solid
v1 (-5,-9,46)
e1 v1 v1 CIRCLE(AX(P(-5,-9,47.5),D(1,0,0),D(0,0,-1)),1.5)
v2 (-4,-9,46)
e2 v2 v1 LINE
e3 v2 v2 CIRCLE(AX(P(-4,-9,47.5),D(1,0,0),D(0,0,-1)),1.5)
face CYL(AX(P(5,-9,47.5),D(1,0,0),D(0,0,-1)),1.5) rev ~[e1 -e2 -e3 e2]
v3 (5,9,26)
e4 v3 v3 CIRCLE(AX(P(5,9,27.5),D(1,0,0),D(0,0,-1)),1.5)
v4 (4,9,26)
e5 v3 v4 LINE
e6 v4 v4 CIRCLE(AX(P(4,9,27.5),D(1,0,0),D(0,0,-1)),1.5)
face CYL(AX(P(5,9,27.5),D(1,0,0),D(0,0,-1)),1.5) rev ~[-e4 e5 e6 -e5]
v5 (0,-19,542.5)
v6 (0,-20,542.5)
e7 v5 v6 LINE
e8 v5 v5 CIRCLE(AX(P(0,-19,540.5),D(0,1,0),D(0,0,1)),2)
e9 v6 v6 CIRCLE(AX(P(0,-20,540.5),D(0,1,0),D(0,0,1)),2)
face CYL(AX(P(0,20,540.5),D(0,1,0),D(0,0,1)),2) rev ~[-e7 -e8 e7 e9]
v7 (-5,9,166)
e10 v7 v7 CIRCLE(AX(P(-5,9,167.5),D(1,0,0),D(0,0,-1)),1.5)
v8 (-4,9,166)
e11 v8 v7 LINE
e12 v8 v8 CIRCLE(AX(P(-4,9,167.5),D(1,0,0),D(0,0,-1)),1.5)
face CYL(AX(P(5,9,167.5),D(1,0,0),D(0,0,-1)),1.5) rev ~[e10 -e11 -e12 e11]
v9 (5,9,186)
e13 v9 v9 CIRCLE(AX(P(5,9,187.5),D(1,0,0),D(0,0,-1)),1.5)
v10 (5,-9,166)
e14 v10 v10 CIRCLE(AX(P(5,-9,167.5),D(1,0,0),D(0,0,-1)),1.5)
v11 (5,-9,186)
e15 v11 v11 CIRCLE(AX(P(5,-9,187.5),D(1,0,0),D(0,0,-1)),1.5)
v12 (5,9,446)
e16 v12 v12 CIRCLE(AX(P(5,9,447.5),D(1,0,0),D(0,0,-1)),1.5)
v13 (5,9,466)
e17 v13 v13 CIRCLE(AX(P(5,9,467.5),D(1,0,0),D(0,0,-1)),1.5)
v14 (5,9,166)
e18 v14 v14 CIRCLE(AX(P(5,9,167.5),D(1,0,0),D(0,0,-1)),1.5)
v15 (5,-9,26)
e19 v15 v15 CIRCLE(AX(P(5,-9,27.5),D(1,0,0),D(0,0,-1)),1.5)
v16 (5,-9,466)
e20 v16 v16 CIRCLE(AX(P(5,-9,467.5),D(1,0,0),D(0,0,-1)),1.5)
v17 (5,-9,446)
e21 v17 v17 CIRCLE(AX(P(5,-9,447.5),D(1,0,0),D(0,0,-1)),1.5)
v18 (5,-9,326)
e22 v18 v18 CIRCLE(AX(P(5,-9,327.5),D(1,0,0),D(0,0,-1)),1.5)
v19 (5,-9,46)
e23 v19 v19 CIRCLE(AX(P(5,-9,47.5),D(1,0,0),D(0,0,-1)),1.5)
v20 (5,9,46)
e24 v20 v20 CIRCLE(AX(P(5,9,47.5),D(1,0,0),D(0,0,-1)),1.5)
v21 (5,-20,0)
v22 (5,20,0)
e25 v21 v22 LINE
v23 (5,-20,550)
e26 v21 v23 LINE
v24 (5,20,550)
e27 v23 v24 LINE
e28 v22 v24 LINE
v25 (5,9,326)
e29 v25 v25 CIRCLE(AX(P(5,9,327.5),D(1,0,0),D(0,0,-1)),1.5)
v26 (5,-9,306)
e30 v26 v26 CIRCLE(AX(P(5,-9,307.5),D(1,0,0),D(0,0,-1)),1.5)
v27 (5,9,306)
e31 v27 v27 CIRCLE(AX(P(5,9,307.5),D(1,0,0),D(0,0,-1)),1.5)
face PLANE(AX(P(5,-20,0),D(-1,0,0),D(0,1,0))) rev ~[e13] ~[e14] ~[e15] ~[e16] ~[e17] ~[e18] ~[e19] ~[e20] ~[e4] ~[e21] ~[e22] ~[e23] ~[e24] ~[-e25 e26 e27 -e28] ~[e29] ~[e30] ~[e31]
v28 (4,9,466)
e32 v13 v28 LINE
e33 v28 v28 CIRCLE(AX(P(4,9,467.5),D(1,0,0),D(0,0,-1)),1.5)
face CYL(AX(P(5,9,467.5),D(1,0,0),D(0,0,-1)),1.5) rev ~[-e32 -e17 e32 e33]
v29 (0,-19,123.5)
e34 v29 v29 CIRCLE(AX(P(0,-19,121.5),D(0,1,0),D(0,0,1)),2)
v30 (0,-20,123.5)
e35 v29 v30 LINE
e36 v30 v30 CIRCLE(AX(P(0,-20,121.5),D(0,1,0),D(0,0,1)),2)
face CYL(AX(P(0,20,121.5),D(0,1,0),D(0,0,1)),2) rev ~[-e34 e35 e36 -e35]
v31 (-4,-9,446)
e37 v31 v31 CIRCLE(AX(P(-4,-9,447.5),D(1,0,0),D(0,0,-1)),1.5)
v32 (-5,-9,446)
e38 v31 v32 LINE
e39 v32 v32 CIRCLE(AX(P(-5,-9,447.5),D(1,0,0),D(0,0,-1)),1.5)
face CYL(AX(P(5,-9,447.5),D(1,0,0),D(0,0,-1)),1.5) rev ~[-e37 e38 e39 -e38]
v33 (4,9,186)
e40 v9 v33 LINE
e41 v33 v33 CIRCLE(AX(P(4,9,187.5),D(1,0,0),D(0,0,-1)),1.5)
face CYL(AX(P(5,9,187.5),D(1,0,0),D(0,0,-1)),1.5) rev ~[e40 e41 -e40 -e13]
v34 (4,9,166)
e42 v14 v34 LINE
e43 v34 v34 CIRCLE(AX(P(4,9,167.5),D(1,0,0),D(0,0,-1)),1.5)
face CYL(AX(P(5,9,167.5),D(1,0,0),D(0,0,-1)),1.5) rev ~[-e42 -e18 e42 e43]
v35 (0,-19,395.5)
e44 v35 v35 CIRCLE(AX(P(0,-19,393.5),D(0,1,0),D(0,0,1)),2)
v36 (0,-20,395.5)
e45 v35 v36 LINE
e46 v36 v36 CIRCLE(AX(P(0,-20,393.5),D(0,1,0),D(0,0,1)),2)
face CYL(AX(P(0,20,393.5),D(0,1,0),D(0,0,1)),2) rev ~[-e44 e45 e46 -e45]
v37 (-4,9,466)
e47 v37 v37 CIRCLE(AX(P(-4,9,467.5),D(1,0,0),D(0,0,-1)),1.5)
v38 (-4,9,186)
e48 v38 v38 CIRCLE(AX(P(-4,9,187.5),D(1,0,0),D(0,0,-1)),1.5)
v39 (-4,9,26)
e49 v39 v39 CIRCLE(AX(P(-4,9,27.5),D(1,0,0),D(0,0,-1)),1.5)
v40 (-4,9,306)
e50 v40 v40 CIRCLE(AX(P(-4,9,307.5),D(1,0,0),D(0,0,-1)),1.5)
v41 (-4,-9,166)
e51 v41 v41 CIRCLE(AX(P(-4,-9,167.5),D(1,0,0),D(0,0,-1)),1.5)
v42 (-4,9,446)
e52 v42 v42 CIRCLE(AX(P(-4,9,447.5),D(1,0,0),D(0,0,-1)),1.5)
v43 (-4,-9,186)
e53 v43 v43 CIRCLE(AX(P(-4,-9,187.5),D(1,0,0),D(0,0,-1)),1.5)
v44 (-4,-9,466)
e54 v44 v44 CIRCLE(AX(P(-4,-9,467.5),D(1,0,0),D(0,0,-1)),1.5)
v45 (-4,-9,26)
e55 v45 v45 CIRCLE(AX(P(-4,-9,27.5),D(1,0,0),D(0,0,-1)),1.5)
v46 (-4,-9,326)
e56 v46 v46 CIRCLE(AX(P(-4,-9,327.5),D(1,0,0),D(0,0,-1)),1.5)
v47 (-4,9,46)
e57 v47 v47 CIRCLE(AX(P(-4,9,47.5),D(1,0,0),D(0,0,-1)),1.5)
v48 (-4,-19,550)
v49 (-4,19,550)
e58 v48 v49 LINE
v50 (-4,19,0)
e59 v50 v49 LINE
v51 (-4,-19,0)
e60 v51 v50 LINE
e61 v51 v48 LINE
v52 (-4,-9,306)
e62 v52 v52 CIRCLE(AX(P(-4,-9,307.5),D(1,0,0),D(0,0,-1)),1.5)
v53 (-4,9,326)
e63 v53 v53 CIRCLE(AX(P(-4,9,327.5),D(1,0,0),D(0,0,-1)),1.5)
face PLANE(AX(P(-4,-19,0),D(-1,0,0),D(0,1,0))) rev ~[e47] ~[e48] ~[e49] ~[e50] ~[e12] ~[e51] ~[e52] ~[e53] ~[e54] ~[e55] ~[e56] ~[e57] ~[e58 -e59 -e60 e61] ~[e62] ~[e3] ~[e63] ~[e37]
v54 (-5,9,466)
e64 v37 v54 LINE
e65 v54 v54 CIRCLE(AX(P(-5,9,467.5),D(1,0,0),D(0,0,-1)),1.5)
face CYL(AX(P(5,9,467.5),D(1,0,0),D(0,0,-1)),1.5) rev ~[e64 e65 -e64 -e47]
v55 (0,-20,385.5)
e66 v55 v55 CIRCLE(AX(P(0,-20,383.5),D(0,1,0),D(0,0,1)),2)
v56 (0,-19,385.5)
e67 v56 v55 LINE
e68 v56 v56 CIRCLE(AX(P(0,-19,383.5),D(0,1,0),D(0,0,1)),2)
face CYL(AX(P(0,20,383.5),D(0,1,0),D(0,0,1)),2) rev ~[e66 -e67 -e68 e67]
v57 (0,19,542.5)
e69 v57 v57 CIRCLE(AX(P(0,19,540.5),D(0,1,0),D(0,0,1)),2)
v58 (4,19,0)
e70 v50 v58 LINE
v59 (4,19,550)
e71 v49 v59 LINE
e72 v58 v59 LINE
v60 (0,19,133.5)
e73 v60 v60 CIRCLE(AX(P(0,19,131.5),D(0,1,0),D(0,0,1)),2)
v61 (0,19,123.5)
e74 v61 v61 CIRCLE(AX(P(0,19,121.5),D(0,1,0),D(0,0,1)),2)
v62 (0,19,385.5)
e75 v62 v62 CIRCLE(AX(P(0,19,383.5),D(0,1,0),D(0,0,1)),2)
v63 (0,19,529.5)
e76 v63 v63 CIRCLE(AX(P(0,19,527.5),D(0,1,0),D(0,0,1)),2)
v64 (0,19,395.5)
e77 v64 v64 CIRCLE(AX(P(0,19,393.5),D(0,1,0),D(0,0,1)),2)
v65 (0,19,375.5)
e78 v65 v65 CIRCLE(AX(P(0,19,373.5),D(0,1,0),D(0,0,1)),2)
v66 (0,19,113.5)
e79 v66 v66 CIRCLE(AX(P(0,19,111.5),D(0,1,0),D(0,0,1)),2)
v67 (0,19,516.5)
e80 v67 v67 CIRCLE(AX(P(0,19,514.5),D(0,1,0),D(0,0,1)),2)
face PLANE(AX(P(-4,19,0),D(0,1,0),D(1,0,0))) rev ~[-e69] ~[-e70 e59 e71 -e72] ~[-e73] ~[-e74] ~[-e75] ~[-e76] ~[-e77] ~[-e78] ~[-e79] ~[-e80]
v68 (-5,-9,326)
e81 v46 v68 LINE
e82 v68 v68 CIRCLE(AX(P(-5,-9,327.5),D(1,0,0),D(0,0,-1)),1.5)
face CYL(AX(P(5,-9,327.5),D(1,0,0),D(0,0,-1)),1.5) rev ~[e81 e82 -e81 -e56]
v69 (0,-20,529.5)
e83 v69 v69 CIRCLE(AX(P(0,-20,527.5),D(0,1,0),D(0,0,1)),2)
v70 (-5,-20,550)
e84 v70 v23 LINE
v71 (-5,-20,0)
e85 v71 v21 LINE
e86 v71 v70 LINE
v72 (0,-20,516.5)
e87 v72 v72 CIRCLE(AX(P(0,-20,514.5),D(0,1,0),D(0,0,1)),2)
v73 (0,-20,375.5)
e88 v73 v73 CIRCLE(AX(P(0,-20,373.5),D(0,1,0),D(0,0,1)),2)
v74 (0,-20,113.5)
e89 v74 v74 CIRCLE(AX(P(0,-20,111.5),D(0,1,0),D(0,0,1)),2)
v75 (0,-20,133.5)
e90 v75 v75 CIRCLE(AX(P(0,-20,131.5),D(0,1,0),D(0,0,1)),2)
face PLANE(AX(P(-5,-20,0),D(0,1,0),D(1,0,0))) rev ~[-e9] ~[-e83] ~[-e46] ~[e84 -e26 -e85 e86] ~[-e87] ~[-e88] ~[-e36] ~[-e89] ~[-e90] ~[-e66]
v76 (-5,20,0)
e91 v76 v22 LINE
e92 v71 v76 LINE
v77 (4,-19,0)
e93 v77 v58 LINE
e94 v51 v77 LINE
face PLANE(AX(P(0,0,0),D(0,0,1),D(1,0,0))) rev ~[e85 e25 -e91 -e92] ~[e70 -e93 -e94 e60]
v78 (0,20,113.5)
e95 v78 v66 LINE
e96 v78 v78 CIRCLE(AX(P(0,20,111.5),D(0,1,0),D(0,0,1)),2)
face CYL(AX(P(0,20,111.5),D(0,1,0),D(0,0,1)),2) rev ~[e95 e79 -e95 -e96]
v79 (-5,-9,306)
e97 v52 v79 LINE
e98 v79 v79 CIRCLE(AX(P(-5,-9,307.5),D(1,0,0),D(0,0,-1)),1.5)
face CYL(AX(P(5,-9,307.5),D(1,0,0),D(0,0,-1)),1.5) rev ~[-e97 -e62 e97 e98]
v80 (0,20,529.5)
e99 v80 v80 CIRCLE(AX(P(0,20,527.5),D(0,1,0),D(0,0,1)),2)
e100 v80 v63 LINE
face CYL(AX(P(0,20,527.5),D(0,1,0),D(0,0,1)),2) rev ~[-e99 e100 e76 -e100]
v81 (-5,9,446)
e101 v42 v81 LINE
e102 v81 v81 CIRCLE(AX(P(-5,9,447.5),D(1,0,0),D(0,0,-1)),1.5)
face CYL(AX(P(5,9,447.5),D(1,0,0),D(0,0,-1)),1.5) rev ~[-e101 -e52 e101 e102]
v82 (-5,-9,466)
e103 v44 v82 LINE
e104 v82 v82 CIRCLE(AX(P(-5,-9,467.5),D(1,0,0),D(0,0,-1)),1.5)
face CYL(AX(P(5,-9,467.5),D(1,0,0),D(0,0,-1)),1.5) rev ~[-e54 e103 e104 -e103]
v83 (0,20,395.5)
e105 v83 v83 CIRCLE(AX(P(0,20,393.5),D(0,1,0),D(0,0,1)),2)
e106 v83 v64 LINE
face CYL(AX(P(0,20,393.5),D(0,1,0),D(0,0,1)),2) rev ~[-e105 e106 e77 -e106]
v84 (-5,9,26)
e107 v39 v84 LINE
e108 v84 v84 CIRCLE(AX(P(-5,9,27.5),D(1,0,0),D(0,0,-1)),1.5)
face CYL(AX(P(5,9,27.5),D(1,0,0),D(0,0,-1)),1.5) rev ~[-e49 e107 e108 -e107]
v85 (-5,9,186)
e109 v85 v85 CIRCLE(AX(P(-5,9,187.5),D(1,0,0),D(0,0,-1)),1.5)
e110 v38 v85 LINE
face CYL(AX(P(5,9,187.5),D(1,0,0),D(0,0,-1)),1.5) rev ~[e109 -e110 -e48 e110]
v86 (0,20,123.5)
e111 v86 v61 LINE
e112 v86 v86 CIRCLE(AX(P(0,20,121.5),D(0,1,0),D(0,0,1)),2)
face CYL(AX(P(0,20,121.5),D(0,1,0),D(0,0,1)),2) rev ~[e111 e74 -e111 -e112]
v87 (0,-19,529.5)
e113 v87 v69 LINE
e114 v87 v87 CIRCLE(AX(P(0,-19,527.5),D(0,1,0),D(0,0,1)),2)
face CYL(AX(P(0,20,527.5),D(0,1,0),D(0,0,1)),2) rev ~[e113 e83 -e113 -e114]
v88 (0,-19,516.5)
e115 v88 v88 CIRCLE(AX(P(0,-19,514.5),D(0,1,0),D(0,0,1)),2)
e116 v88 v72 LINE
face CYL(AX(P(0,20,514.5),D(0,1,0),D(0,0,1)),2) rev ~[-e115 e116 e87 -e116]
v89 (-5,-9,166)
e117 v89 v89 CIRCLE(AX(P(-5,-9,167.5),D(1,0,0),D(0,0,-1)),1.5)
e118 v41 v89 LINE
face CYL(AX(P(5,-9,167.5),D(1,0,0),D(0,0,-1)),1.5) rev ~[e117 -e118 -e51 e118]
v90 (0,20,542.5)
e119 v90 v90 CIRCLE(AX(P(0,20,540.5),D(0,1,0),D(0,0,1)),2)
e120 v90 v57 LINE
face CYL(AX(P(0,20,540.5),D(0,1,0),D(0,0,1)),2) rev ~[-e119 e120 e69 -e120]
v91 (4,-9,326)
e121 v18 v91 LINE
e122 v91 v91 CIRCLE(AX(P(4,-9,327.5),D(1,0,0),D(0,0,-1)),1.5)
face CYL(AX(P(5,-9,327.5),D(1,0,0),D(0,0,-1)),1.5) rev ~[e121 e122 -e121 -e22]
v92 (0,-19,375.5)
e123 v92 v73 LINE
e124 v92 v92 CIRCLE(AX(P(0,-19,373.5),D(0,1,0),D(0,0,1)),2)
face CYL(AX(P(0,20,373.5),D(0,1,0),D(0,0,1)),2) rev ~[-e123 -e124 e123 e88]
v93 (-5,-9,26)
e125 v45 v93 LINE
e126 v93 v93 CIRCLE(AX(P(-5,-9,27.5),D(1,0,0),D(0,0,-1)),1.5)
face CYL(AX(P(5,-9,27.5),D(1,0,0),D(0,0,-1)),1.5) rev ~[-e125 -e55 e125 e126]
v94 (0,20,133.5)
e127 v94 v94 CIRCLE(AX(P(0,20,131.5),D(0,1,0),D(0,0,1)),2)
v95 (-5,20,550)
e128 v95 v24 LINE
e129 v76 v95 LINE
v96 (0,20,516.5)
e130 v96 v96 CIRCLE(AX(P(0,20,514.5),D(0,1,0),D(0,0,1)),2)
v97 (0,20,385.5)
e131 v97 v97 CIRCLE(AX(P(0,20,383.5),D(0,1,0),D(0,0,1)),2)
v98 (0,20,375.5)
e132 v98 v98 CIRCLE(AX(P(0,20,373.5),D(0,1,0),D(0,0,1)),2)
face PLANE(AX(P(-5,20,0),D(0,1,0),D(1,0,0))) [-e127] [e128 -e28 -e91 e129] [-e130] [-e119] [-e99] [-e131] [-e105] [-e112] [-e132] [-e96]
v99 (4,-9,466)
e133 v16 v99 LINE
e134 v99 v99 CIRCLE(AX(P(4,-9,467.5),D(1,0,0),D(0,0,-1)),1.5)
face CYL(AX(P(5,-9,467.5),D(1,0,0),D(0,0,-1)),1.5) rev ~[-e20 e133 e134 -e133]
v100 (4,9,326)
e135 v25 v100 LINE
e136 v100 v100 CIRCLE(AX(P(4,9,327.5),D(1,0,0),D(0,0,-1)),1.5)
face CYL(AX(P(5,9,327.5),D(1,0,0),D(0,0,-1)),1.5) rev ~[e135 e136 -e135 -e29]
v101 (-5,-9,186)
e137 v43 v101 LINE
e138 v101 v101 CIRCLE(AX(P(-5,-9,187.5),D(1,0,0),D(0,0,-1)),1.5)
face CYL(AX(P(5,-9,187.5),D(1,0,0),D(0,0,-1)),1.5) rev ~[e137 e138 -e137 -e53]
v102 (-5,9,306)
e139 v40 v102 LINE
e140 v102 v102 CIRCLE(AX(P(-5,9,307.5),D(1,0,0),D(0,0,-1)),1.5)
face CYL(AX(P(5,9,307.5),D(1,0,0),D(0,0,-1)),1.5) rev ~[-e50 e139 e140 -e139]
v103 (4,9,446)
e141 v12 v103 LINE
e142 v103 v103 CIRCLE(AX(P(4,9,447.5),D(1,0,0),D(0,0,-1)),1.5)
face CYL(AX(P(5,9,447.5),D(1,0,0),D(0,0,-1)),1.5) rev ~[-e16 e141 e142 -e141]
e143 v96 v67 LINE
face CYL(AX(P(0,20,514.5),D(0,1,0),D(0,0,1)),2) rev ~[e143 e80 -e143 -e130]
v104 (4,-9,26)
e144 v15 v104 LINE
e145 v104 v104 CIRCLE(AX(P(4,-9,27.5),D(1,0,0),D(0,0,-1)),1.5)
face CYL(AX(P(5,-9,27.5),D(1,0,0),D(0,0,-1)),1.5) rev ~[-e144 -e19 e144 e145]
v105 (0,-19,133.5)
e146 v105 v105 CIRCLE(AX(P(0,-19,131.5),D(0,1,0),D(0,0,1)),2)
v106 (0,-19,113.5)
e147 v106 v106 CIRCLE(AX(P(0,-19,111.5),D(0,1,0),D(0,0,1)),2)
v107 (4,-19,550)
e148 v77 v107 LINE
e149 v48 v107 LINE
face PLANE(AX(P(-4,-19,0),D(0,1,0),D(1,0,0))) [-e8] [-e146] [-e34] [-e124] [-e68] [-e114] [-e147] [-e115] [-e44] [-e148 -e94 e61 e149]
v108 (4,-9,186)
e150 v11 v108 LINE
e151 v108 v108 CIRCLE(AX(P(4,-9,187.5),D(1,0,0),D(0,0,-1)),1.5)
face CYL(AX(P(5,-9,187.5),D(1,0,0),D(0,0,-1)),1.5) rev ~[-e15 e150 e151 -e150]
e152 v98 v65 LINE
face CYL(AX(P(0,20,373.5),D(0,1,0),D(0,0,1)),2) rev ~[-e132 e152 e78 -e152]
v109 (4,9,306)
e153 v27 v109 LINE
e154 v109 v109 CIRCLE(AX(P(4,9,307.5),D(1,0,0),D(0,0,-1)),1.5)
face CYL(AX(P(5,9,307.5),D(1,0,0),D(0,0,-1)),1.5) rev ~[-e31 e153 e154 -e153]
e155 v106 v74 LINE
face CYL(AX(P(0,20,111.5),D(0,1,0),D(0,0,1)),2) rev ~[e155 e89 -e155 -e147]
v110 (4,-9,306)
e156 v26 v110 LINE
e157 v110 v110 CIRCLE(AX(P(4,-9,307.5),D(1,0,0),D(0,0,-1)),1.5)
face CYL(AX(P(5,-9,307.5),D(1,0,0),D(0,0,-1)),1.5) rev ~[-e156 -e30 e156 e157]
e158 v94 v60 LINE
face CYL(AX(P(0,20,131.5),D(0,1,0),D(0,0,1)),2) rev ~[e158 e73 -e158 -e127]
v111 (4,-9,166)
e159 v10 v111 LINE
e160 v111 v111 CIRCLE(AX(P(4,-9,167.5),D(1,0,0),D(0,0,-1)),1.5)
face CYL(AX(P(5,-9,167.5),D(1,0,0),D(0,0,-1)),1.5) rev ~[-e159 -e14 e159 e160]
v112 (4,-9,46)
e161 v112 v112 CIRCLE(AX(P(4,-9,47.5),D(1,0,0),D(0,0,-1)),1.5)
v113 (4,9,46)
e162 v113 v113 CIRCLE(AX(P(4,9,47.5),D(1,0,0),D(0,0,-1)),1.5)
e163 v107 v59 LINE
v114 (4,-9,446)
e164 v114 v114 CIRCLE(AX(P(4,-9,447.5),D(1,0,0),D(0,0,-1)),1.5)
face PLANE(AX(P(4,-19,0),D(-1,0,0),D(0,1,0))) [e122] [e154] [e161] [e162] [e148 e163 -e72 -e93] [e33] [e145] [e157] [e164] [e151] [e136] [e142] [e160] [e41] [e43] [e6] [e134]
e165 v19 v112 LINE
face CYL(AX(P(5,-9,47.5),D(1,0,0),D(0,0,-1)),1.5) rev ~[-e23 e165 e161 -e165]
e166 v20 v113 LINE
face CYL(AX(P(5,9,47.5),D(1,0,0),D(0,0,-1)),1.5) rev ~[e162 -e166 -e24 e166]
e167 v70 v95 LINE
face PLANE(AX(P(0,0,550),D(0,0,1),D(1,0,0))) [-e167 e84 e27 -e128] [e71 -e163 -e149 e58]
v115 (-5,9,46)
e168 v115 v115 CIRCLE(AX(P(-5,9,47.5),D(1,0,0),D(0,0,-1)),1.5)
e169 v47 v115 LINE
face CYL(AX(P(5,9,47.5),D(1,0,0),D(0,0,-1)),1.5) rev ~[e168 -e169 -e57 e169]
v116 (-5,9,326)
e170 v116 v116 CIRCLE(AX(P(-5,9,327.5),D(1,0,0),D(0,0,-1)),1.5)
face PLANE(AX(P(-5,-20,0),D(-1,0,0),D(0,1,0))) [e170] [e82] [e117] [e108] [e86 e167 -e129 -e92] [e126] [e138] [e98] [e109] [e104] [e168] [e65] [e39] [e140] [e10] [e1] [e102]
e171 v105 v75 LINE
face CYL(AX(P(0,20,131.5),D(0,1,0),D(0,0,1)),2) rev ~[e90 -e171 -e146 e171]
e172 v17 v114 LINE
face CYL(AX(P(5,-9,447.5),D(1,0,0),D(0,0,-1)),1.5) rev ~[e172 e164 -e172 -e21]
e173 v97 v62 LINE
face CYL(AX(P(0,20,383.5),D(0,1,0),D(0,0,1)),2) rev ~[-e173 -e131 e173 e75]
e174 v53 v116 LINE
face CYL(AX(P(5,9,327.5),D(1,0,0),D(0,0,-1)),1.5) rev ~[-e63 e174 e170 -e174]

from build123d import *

# Parameters (mm, degrees)
SKETCH_1_W         = 10
SKETCH_1_H         = 40
SKETCH_1_W_2       = 8
SKETCH_1_H_2       = 38
EXTRUDE_1_DEPTH    = 550
SKETCH1_R          = 1.5
CUT_EXTRUDE1_DEPTH = 10
LPATTERN1_COUNT    = 4
LPATTERN1_PITCH    = 140
SKETCH2_R          = 2
CUT_EXTRUDE2_DEPTH = 40
SKETCH3_R          = 2
CUT_EXTRUDE3_DEPTH = 40


with BuildPart() as part:
    # 草图1 → 凸台-拉伸1 (new body)
    with BuildSketch(Plane.XY):
        Rectangle(SKETCH_1_W, SKETCH_1_H)
        Rectangle(SKETCH_1_W_2, SKETCH_1_H_2, mode=Mode.SUBTRACT)
    extrude(amount=EXTRUDE_1_DEPTH)

    # Sketch1 → Cut-Extrude1 (cut)
    with BuildSketch(Plane(origin=(5, 0, 0), x_dir=(0, 0, -1), z_dir=(1, 0, 0))):
        with Locations((-27.5, 9)):
            Circle(SKETCH1_R)
        with Locations((-47.5, 9)):
            Circle(SKETCH1_R)
        with Locations((-27.5, -9)):
            Circle(SKETCH1_R)
        with Locations((-47.5, -9)):
            Circle(SKETCH1_R)
    cut_extrude1 = extrude(amount=-CUT_EXTRUDE1_DEPTH, mode=Mode.SUBTRACT)

    # LPattern1: Cut-Extrude1 ×4
    with Locations(*[(0, 0, i * LPATTERN1_PITCH) for i in range(1, LPATTERN1_COUNT)]):
        add(cut_extrude1, mode=Mode.SUBTRACT)

    # Sketch2 → Cut-Extrude2 (cut)
    with BuildSketch(Plane(origin=(0, 20, 0), x_dir=(1, 0, 0), z_dir=(0, 1, 0))):
        with Locations(Location((0, -111.5, 0), (0, 0, 270))):
            Circle(SKETCH2_R)
        with Locations(Location((0, -121.5, 0), (0, 0, 270))):
            Circle(SKETCH2_R)
        with Locations(Location((0, -131.5, 0), (0, 0, 270))):
            Circle(SKETCH2_R)
        with Locations(Location((0, -373.5, 0), (0, 0, 270))):
            Circle(SKETCH2_R)
        with Locations(Location((0, -383.5, 0), (0, 0, 270))):
            Circle(SKETCH2_R)
        with Locations(Location((0, -393.5, 0), (0, 0, 270))):
            Circle(SKETCH2_R)
    extrude(amount=-CUT_EXTRUDE2_DEPTH, mode=Mode.SUBTRACT)

    # Sketch3 → Cut-Extrude3 (cut)
    with BuildSketch(Plane(origin=(0, 20, 0), x_dir=(1, 0, 0), z_dir=(0, 1, 0))):
        with Locations(Location((0, -540.5, 0), (0, 0, 270))):
            Circle(SKETCH3_R)
        with Locations(Location((0, -527.5, 0), (0, 0, 270))):
            Circle(SKETCH3_R)
        with Locations(Location((0, -514.5, 0), (0, 0, 270))):
            Circle(SKETCH3_R)
    extrude(amount=-CUT_EXTRUDE3_DEPTH, mode=Mode.SUBTRACT)


solid = part.part
